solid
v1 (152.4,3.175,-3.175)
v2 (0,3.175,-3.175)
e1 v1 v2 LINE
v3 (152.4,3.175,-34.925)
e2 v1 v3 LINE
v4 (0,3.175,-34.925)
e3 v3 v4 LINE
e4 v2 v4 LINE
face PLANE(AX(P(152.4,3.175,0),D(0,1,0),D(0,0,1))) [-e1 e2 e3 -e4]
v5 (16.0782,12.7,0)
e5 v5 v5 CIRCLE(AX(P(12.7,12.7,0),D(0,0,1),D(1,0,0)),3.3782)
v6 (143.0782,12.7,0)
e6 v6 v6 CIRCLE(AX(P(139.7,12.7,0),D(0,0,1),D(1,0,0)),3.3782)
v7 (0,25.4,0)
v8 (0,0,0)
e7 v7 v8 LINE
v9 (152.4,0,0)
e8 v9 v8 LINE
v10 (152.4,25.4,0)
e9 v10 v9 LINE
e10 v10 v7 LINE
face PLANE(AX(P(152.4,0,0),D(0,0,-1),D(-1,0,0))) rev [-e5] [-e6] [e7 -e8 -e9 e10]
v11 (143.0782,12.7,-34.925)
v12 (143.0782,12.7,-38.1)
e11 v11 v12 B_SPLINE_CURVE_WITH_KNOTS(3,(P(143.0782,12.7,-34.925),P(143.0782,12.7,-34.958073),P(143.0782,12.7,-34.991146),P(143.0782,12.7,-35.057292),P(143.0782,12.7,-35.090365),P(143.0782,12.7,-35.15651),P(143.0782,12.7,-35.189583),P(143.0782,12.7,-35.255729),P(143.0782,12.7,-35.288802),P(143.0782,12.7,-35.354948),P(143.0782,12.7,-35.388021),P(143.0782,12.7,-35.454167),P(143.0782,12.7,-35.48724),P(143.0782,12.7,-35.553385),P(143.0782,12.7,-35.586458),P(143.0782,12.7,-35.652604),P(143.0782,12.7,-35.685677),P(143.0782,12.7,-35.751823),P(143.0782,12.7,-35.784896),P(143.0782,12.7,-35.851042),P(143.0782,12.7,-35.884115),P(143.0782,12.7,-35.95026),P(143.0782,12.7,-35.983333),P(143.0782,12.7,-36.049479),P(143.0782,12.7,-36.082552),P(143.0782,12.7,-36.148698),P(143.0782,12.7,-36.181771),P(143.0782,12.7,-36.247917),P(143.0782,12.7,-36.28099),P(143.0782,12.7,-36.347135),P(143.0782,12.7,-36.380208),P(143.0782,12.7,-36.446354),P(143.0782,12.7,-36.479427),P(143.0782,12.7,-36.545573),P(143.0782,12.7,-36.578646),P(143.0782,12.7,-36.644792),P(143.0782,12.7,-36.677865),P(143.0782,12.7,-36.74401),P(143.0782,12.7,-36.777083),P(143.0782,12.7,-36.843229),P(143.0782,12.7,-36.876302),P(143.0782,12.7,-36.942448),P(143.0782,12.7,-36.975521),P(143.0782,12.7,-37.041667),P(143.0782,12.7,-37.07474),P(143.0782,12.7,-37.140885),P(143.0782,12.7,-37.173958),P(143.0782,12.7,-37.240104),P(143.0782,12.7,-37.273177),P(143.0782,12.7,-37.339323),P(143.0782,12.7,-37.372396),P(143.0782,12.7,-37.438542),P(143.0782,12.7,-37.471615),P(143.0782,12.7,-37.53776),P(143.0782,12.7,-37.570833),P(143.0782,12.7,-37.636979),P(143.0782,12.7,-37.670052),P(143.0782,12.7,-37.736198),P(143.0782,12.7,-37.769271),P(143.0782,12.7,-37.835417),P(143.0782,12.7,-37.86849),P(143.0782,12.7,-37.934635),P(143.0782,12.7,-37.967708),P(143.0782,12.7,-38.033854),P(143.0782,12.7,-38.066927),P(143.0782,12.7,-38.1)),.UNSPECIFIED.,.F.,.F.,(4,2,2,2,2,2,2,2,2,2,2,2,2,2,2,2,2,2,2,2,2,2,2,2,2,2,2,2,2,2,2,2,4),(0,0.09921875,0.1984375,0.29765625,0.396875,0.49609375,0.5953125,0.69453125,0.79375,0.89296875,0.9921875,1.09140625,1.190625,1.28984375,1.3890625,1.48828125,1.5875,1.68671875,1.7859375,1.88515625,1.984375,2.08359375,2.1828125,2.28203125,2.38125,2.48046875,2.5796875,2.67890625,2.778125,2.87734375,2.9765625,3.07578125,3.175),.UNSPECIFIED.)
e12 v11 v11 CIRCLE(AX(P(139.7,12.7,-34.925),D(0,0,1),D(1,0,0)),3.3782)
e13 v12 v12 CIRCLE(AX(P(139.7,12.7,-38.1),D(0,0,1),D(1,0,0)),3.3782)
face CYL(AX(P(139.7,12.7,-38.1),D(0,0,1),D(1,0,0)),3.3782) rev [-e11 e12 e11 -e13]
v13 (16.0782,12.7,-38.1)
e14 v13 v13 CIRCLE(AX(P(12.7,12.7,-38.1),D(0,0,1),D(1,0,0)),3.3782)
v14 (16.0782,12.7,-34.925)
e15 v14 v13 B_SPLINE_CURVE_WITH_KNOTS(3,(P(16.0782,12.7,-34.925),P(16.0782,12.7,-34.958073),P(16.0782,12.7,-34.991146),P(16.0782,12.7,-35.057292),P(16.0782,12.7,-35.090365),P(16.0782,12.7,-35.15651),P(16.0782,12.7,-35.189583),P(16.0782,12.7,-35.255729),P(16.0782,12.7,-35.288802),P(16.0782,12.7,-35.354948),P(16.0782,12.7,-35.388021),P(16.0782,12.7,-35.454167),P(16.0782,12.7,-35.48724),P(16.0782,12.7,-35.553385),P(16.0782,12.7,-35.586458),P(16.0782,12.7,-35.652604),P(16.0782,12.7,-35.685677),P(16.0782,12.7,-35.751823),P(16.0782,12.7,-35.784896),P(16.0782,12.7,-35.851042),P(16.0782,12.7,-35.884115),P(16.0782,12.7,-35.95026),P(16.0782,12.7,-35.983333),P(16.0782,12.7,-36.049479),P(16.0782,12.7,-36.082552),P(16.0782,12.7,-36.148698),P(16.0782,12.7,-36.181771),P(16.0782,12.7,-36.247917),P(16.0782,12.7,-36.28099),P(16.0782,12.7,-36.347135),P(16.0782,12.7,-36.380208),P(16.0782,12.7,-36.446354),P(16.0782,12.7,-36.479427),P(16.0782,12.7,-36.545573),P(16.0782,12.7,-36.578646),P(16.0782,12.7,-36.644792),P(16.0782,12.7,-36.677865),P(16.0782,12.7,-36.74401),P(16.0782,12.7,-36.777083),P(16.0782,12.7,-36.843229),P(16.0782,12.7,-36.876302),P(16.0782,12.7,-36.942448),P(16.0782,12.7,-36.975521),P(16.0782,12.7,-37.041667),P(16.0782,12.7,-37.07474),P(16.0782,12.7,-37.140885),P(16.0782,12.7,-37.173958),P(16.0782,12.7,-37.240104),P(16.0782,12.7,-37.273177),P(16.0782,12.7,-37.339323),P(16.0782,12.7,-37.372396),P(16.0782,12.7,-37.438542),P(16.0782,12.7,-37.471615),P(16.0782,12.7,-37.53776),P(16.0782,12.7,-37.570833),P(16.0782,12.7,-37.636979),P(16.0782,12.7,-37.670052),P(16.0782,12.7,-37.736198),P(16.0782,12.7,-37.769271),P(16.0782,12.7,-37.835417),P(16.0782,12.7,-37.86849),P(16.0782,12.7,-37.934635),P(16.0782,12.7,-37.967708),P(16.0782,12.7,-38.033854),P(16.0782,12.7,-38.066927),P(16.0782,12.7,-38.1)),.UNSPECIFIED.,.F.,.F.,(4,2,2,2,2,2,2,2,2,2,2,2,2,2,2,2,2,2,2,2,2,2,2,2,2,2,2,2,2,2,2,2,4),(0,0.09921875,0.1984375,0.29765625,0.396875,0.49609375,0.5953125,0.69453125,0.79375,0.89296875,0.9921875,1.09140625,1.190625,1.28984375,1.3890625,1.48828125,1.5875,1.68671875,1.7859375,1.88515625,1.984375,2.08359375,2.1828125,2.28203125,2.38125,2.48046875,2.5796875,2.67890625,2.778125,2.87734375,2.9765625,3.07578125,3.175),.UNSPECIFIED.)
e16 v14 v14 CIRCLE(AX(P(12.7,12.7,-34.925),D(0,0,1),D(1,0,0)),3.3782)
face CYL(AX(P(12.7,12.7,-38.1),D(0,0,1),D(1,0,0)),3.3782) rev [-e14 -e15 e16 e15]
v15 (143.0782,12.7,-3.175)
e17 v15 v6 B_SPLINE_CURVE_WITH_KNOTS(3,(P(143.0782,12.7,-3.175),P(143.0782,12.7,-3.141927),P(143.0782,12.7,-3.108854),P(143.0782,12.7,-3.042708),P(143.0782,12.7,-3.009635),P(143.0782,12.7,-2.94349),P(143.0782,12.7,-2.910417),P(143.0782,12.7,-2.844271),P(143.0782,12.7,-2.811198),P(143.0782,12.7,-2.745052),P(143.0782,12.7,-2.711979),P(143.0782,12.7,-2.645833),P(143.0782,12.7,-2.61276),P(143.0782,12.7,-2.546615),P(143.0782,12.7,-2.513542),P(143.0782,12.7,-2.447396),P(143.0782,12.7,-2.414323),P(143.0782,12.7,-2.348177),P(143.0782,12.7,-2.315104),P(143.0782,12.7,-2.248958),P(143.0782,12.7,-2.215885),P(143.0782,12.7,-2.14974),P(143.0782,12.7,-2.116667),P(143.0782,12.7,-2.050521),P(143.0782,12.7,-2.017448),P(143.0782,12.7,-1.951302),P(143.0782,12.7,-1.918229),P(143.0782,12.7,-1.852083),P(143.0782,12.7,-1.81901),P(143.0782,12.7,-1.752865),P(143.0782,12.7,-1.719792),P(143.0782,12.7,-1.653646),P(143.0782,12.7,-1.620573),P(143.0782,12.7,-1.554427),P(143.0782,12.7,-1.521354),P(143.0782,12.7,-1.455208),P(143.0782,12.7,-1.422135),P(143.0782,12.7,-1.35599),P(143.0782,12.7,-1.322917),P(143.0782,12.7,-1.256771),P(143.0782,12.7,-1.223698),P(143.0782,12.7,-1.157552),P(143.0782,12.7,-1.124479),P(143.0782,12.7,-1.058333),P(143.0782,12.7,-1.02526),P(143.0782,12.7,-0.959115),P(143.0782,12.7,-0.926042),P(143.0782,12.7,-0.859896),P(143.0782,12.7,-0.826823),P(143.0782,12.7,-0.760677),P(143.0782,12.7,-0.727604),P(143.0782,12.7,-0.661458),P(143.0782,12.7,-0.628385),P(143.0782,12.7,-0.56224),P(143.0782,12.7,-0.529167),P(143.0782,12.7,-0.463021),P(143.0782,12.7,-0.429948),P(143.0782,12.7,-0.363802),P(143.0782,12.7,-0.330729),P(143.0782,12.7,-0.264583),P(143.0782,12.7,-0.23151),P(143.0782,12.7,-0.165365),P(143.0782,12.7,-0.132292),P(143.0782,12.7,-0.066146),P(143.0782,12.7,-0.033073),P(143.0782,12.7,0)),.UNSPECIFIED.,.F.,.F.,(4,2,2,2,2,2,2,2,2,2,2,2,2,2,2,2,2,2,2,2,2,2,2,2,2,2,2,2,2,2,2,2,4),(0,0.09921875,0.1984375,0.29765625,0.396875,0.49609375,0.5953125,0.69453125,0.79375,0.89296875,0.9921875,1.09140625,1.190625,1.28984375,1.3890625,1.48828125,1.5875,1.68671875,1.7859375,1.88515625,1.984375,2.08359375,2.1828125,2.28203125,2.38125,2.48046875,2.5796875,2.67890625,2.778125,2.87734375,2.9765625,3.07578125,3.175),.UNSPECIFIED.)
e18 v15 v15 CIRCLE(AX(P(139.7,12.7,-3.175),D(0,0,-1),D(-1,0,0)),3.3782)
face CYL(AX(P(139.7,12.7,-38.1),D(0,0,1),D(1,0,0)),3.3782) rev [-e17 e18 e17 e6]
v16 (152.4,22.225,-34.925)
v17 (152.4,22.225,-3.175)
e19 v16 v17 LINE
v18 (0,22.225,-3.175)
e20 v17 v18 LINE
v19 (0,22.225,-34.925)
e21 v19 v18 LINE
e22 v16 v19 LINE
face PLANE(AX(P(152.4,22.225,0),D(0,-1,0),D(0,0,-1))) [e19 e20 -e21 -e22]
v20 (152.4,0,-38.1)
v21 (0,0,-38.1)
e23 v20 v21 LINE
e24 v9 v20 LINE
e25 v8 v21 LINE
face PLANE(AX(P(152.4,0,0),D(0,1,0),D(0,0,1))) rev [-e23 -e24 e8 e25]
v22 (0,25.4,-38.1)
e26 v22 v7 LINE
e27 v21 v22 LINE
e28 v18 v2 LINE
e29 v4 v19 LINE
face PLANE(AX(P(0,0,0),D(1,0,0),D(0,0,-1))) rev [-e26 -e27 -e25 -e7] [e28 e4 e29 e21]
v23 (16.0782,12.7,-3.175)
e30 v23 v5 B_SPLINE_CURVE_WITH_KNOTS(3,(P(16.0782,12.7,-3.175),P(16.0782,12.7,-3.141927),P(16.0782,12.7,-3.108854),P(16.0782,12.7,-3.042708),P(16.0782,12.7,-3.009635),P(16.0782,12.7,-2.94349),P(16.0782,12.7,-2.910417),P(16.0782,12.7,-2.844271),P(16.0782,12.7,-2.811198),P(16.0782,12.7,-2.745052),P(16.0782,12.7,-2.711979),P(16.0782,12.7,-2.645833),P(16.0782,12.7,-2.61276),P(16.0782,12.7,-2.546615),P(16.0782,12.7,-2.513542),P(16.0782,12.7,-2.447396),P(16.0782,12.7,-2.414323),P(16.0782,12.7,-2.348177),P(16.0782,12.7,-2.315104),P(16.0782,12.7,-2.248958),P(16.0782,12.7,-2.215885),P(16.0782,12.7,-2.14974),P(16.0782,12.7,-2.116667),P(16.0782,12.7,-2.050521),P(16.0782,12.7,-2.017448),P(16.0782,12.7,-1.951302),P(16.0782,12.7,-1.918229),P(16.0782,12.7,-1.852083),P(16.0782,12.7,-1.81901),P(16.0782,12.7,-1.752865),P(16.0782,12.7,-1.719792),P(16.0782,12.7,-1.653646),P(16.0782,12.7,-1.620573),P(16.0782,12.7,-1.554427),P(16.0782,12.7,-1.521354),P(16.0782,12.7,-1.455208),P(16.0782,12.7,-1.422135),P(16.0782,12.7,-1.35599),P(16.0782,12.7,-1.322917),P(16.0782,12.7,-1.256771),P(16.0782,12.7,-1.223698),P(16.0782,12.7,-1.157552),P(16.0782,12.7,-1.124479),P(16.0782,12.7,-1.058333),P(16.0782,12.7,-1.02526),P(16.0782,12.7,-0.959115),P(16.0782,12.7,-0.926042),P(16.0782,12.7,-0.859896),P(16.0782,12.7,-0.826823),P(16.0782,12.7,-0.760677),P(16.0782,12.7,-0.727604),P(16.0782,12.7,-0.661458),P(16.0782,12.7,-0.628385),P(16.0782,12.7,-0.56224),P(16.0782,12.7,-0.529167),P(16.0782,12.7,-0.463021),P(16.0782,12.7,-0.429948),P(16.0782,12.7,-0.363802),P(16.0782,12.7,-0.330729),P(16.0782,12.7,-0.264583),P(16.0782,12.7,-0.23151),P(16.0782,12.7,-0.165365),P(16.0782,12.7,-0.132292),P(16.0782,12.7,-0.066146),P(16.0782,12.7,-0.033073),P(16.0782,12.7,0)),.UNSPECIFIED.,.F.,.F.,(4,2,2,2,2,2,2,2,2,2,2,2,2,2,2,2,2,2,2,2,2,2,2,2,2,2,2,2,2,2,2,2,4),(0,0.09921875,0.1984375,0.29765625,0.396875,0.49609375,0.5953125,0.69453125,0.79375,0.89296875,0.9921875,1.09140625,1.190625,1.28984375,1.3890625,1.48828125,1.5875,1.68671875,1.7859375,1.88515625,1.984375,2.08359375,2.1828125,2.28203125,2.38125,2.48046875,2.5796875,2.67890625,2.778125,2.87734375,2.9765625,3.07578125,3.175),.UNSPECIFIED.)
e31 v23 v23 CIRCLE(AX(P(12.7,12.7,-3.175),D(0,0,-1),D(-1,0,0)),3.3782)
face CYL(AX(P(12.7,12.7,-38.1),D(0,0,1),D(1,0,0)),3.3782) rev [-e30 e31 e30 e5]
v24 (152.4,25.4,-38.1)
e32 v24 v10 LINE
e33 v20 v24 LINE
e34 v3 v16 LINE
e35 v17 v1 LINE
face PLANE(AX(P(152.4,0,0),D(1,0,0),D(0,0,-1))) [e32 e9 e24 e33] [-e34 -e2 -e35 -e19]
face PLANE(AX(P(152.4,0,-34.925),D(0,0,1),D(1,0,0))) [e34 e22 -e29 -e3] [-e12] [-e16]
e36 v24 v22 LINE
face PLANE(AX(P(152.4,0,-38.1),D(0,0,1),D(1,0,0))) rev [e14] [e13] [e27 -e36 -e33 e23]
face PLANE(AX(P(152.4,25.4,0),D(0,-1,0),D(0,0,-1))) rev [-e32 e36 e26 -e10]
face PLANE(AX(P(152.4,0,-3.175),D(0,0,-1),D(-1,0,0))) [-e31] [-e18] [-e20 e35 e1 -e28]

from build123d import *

# Parameters (mm, degrees)
SKETCH1_W           = 38.1
SKETCH1_H           = 25.4
SKETCH1_W_2         = 31.75
SKETCH1_H_2         = 19.05
EXTRUDE_THIN1_DEPTH = 152.4
SKETCH2_R           = 3.3782
CUT_EXTRUDE1_DEPTH  = 160.130543894


with BuildPart() as part:
    # Sketch1 → Extrude-Thin1 (new body)
    with BuildSketch(Plane(origin=(0, 0, 0), x_dir=(0, 0, -1), z_dir=(1, 0, 0))):
        with Locations((19.05, 12.7)):
            Rectangle(SKETCH1_W, SKETCH1_H)
        with Locations((19.05, 12.7)):
            Rectangle(SKETCH1_W_2, SKETCH1_H_2, mode=Mode.SUBTRACT)
    extrude(amount=EXTRUDE_THIN1_DEPTH)

    # Sketch2 → Cut-Extrude1 (cut, through all)
    with BuildSketch(Plane.XY):
        with Locations((12.7, 12.7)):
            Circle(SKETCH2_R)
        with Locations((139.7, 12.7)):
            Circle(SKETCH2_R)
    extrude(amount=-CUT_EXTRUDE1_DEPTH, mode=Mode.SUBTRACT)


solid = part.part
